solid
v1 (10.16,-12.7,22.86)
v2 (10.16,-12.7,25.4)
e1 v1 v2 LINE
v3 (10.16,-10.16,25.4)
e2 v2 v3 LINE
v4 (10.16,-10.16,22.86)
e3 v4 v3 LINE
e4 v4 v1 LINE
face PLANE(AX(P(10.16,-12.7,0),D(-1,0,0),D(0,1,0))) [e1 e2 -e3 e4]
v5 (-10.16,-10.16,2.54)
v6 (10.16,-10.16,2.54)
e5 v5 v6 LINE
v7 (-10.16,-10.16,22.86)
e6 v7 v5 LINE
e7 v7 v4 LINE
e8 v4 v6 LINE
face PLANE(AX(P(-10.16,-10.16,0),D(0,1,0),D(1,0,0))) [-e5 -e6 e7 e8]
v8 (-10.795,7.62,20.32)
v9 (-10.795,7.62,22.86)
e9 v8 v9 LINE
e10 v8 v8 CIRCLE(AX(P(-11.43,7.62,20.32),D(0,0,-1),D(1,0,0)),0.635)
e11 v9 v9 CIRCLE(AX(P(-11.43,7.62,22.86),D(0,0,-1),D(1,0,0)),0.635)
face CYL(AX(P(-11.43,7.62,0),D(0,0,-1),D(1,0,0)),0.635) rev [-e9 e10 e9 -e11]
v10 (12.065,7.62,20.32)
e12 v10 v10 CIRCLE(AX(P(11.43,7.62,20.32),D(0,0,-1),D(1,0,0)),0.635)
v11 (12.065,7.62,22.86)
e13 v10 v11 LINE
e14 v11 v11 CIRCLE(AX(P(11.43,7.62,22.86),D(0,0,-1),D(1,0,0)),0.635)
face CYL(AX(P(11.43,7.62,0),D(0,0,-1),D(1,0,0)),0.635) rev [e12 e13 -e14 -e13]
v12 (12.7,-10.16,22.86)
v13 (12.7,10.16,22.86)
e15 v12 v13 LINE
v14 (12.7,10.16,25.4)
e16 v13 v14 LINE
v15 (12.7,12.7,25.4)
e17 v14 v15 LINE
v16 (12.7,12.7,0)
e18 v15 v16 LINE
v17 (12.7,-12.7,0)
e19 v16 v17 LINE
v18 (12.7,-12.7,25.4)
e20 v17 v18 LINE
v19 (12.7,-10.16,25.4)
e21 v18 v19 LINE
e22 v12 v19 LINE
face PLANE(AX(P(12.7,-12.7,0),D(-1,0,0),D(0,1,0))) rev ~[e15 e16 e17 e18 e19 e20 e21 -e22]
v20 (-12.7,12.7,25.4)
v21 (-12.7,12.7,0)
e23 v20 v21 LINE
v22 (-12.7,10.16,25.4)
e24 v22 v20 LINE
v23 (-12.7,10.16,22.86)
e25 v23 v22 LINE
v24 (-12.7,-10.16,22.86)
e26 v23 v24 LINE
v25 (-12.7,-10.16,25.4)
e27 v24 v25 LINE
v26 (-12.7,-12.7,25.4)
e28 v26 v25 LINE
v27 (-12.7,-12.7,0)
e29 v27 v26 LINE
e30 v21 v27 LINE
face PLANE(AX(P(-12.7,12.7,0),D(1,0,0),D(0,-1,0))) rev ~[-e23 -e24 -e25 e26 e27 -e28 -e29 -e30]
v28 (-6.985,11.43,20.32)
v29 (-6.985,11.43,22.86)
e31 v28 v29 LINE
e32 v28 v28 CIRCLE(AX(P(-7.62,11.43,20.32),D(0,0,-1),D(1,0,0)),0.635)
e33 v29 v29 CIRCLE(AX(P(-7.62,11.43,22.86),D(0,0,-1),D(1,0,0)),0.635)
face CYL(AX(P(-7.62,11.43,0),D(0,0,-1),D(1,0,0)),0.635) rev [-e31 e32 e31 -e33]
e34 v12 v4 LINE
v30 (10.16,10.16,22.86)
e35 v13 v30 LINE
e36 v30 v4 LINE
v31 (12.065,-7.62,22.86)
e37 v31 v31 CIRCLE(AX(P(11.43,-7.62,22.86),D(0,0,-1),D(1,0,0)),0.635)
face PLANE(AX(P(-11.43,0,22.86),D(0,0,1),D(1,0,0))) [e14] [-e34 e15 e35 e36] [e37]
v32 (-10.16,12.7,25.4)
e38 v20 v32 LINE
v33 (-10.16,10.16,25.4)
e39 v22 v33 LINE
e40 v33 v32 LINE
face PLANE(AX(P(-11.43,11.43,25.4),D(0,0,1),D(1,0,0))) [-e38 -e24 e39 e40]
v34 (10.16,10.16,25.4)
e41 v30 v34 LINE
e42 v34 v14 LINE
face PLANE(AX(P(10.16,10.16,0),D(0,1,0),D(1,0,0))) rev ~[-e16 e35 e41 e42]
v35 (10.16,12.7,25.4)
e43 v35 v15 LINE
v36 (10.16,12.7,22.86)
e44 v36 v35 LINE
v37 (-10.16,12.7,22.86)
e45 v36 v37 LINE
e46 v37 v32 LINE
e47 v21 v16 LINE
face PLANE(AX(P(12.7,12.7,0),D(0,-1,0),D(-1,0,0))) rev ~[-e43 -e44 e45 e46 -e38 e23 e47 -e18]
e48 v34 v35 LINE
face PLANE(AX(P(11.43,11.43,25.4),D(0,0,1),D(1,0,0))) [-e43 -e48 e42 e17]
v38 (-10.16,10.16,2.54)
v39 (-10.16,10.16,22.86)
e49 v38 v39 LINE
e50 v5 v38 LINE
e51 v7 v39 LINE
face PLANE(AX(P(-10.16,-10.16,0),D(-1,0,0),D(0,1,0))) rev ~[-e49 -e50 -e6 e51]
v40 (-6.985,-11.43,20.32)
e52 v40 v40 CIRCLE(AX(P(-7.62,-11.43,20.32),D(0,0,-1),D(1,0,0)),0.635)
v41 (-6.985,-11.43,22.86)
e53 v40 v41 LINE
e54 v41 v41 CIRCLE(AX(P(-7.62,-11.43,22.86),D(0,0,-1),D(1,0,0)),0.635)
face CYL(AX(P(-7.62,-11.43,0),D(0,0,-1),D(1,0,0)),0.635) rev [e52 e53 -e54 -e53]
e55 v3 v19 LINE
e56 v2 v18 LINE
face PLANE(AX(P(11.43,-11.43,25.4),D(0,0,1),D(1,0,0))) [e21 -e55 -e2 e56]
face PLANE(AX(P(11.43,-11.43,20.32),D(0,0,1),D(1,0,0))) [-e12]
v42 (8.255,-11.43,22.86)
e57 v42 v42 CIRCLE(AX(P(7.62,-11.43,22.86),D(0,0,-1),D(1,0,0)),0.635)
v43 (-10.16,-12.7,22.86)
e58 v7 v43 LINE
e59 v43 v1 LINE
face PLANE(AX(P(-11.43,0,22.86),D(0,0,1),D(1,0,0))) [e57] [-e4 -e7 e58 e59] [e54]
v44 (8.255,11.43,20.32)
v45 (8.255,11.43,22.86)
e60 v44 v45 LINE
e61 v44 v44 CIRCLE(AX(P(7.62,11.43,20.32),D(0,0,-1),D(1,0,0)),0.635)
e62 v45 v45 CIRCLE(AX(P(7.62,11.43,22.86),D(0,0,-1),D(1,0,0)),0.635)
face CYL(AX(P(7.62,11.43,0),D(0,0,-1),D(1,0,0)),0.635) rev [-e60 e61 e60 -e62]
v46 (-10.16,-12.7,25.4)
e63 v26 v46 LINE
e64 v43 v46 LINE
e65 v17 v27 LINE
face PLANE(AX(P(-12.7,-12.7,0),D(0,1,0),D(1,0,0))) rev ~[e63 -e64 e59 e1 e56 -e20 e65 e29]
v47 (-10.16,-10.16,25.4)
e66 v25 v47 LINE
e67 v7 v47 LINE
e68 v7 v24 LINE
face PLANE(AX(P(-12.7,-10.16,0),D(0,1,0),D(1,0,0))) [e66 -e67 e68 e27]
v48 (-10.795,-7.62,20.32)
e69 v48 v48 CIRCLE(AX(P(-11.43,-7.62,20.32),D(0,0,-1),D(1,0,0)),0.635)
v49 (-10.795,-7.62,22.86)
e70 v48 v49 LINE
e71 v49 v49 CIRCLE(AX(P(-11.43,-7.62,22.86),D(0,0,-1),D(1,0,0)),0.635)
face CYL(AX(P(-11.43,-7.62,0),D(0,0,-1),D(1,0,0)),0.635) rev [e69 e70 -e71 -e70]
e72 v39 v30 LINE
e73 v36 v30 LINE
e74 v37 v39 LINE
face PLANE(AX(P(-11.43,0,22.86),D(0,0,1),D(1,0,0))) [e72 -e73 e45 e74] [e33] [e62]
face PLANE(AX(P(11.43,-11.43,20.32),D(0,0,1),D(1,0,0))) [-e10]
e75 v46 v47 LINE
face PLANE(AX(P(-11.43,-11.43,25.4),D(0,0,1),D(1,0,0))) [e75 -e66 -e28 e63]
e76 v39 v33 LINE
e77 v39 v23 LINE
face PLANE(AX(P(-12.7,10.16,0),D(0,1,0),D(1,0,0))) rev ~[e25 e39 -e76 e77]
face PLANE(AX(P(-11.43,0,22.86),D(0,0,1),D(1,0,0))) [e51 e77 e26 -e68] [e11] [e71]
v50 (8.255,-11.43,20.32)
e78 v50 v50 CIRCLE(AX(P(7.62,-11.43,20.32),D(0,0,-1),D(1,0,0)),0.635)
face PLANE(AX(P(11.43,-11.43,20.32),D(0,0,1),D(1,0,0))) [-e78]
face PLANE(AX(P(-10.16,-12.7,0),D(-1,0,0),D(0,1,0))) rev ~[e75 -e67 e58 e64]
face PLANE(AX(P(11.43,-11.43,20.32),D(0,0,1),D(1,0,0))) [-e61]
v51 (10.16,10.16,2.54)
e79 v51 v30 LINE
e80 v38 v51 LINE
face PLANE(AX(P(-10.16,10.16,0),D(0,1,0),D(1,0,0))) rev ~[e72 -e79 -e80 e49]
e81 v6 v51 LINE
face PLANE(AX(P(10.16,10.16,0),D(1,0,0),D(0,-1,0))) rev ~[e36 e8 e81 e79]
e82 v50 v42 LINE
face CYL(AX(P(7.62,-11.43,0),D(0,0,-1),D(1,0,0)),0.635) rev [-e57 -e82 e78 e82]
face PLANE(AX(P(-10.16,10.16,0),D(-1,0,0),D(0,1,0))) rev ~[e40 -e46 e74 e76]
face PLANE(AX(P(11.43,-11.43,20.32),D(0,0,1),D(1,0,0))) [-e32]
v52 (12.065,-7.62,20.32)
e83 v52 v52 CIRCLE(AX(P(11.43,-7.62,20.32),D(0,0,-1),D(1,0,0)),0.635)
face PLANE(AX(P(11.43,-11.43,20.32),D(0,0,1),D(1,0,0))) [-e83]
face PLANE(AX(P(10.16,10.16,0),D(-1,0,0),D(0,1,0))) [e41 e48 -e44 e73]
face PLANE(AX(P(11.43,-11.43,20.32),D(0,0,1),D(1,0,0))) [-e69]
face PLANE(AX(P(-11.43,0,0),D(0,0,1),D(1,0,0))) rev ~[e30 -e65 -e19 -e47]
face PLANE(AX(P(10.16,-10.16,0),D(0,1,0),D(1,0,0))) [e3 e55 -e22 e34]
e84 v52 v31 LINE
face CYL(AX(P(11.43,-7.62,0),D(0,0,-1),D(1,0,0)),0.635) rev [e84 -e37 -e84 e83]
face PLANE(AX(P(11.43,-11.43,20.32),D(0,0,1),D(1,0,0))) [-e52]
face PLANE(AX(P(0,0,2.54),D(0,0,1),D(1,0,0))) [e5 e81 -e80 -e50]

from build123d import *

# Parameters (mm, degrees)
F0_W     = 20.32
F0_H     = 20.32
F1_DEPTH = 2.54
F0_W_2   = 2.54
F0_H_2   = 2.54
F2_DEPTH = 22.86
F3_DEPTH = 25.4
F4_R     = 0.635
F5_DEPTH = 25.4
F6_DEPTH = 20.32


with BuildPart() as f1:
    # F0 (on Top) → F1 (new body)
    with BuildSketch(Plane.XY):
        Rectangle(F0_W, F0_H)
    extrude(amount=F1_DEPTH)

    # F0 (on Top) → F2 (join)
    with BuildSketch(Plane.XY):
        with Locations((-11.43, 0)):
            Rectangle(F0_W_2, F0_H)
        with Locations((-11.43, 11.43)):
            Rectangle(F0_W_2, F0_H_2)
        with Locations((0, 11.43)):
            Rectangle(F0_W, F0_H_2)
        with Locations((11.43, 11.43)):
            Rectangle(F0_W_2, F0_H_2)
        with Locations((11.43, 0)):
            Rectangle(F0_W_2, F0_H)
        with Locations((11.43, -11.43)):
            Rectangle(F0_W_2, F0_H_2)
        with Locations((0, -11.43)):
            Rectangle(F0_W, F0_H_2)
        with Locations((-11.43, -11.43)):
            Rectangle(F0_W_2, F0_H_2)
    extrude(amount=F2_DEPTH)

    # F0 (on Top) → F3 (join)
    with BuildSketch(Plane.XY):
        with Locations((-11.43, -11.43)):
            Rectangle(F0_W_2, F0_H_2)
        with Locations((11.43, -11.43)):
            Rectangle(F0_W_2, F0_H_2)
        with Locations((11.43, 11.43)):
            Rectangle(F0_W_2, F0_H_2)
        with Locations((-11.43, 11.43)):
            Rectangle(F0_W_2, F0_H_2)
    extrude(amount=F3_DEPTH)

    # F4 (on Top) → F5 (cut)
    with BuildSketch(Plane.XY):
        with Locations((-7.62, -11.43)):
            Circle(F4_R)
        with Locations((7.62, -11.43)):
            Circle(F4_R)
        with Locations((11.43, -7.62)):
            Circle(F4_R)
        with Locations((11.43, 7.62)):
            Circle(F4_R)
        with Locations((7.62, 11.43)):
            Circle(F4_R)
        with Locations((-7.62, 11.43)):
            Circle(F4_R)
        with Locations((-11.43, 7.62)):
            Circle(F4_R)
        with Locations((-11.43, -7.62)):
            Circle(F4_R)
    extrude(amount=F5_DEPTH, mode=Mode.SUBTRACT)

    # F0 (on Top) → F6 (join)
    with BuildSketch(Plane.XY):
        with Locations((11.43, -11.43)):
            Rectangle(F0_W_2, F0_H_2)
        with Locations((0, -11.43)):
            Rectangle(F0_W, F0_H_2)
        with Locations((11.43, 0)):
            Rectangle(F0_W_2, F0_H)
        with Locations((-11.43, -11.43)):
            Rectangle(F0_W_2, F0_H_2)
        with Locations((11.43, 11.43)):
            Rectangle(F0_W_2, F0_H_2)
        with Locations((-11.43, 0)):
            Rectangle(F0_W_2, F0_H)
        with Locations((0, 11.43)):
            Rectangle(F0_W, F0_H_2)
        with Locations((-11.43, 11.43)):
            Rectangle(F0_W_2, F0_H_2)
    extrude(amount=F6_DEPTH)


solid = f1.part
